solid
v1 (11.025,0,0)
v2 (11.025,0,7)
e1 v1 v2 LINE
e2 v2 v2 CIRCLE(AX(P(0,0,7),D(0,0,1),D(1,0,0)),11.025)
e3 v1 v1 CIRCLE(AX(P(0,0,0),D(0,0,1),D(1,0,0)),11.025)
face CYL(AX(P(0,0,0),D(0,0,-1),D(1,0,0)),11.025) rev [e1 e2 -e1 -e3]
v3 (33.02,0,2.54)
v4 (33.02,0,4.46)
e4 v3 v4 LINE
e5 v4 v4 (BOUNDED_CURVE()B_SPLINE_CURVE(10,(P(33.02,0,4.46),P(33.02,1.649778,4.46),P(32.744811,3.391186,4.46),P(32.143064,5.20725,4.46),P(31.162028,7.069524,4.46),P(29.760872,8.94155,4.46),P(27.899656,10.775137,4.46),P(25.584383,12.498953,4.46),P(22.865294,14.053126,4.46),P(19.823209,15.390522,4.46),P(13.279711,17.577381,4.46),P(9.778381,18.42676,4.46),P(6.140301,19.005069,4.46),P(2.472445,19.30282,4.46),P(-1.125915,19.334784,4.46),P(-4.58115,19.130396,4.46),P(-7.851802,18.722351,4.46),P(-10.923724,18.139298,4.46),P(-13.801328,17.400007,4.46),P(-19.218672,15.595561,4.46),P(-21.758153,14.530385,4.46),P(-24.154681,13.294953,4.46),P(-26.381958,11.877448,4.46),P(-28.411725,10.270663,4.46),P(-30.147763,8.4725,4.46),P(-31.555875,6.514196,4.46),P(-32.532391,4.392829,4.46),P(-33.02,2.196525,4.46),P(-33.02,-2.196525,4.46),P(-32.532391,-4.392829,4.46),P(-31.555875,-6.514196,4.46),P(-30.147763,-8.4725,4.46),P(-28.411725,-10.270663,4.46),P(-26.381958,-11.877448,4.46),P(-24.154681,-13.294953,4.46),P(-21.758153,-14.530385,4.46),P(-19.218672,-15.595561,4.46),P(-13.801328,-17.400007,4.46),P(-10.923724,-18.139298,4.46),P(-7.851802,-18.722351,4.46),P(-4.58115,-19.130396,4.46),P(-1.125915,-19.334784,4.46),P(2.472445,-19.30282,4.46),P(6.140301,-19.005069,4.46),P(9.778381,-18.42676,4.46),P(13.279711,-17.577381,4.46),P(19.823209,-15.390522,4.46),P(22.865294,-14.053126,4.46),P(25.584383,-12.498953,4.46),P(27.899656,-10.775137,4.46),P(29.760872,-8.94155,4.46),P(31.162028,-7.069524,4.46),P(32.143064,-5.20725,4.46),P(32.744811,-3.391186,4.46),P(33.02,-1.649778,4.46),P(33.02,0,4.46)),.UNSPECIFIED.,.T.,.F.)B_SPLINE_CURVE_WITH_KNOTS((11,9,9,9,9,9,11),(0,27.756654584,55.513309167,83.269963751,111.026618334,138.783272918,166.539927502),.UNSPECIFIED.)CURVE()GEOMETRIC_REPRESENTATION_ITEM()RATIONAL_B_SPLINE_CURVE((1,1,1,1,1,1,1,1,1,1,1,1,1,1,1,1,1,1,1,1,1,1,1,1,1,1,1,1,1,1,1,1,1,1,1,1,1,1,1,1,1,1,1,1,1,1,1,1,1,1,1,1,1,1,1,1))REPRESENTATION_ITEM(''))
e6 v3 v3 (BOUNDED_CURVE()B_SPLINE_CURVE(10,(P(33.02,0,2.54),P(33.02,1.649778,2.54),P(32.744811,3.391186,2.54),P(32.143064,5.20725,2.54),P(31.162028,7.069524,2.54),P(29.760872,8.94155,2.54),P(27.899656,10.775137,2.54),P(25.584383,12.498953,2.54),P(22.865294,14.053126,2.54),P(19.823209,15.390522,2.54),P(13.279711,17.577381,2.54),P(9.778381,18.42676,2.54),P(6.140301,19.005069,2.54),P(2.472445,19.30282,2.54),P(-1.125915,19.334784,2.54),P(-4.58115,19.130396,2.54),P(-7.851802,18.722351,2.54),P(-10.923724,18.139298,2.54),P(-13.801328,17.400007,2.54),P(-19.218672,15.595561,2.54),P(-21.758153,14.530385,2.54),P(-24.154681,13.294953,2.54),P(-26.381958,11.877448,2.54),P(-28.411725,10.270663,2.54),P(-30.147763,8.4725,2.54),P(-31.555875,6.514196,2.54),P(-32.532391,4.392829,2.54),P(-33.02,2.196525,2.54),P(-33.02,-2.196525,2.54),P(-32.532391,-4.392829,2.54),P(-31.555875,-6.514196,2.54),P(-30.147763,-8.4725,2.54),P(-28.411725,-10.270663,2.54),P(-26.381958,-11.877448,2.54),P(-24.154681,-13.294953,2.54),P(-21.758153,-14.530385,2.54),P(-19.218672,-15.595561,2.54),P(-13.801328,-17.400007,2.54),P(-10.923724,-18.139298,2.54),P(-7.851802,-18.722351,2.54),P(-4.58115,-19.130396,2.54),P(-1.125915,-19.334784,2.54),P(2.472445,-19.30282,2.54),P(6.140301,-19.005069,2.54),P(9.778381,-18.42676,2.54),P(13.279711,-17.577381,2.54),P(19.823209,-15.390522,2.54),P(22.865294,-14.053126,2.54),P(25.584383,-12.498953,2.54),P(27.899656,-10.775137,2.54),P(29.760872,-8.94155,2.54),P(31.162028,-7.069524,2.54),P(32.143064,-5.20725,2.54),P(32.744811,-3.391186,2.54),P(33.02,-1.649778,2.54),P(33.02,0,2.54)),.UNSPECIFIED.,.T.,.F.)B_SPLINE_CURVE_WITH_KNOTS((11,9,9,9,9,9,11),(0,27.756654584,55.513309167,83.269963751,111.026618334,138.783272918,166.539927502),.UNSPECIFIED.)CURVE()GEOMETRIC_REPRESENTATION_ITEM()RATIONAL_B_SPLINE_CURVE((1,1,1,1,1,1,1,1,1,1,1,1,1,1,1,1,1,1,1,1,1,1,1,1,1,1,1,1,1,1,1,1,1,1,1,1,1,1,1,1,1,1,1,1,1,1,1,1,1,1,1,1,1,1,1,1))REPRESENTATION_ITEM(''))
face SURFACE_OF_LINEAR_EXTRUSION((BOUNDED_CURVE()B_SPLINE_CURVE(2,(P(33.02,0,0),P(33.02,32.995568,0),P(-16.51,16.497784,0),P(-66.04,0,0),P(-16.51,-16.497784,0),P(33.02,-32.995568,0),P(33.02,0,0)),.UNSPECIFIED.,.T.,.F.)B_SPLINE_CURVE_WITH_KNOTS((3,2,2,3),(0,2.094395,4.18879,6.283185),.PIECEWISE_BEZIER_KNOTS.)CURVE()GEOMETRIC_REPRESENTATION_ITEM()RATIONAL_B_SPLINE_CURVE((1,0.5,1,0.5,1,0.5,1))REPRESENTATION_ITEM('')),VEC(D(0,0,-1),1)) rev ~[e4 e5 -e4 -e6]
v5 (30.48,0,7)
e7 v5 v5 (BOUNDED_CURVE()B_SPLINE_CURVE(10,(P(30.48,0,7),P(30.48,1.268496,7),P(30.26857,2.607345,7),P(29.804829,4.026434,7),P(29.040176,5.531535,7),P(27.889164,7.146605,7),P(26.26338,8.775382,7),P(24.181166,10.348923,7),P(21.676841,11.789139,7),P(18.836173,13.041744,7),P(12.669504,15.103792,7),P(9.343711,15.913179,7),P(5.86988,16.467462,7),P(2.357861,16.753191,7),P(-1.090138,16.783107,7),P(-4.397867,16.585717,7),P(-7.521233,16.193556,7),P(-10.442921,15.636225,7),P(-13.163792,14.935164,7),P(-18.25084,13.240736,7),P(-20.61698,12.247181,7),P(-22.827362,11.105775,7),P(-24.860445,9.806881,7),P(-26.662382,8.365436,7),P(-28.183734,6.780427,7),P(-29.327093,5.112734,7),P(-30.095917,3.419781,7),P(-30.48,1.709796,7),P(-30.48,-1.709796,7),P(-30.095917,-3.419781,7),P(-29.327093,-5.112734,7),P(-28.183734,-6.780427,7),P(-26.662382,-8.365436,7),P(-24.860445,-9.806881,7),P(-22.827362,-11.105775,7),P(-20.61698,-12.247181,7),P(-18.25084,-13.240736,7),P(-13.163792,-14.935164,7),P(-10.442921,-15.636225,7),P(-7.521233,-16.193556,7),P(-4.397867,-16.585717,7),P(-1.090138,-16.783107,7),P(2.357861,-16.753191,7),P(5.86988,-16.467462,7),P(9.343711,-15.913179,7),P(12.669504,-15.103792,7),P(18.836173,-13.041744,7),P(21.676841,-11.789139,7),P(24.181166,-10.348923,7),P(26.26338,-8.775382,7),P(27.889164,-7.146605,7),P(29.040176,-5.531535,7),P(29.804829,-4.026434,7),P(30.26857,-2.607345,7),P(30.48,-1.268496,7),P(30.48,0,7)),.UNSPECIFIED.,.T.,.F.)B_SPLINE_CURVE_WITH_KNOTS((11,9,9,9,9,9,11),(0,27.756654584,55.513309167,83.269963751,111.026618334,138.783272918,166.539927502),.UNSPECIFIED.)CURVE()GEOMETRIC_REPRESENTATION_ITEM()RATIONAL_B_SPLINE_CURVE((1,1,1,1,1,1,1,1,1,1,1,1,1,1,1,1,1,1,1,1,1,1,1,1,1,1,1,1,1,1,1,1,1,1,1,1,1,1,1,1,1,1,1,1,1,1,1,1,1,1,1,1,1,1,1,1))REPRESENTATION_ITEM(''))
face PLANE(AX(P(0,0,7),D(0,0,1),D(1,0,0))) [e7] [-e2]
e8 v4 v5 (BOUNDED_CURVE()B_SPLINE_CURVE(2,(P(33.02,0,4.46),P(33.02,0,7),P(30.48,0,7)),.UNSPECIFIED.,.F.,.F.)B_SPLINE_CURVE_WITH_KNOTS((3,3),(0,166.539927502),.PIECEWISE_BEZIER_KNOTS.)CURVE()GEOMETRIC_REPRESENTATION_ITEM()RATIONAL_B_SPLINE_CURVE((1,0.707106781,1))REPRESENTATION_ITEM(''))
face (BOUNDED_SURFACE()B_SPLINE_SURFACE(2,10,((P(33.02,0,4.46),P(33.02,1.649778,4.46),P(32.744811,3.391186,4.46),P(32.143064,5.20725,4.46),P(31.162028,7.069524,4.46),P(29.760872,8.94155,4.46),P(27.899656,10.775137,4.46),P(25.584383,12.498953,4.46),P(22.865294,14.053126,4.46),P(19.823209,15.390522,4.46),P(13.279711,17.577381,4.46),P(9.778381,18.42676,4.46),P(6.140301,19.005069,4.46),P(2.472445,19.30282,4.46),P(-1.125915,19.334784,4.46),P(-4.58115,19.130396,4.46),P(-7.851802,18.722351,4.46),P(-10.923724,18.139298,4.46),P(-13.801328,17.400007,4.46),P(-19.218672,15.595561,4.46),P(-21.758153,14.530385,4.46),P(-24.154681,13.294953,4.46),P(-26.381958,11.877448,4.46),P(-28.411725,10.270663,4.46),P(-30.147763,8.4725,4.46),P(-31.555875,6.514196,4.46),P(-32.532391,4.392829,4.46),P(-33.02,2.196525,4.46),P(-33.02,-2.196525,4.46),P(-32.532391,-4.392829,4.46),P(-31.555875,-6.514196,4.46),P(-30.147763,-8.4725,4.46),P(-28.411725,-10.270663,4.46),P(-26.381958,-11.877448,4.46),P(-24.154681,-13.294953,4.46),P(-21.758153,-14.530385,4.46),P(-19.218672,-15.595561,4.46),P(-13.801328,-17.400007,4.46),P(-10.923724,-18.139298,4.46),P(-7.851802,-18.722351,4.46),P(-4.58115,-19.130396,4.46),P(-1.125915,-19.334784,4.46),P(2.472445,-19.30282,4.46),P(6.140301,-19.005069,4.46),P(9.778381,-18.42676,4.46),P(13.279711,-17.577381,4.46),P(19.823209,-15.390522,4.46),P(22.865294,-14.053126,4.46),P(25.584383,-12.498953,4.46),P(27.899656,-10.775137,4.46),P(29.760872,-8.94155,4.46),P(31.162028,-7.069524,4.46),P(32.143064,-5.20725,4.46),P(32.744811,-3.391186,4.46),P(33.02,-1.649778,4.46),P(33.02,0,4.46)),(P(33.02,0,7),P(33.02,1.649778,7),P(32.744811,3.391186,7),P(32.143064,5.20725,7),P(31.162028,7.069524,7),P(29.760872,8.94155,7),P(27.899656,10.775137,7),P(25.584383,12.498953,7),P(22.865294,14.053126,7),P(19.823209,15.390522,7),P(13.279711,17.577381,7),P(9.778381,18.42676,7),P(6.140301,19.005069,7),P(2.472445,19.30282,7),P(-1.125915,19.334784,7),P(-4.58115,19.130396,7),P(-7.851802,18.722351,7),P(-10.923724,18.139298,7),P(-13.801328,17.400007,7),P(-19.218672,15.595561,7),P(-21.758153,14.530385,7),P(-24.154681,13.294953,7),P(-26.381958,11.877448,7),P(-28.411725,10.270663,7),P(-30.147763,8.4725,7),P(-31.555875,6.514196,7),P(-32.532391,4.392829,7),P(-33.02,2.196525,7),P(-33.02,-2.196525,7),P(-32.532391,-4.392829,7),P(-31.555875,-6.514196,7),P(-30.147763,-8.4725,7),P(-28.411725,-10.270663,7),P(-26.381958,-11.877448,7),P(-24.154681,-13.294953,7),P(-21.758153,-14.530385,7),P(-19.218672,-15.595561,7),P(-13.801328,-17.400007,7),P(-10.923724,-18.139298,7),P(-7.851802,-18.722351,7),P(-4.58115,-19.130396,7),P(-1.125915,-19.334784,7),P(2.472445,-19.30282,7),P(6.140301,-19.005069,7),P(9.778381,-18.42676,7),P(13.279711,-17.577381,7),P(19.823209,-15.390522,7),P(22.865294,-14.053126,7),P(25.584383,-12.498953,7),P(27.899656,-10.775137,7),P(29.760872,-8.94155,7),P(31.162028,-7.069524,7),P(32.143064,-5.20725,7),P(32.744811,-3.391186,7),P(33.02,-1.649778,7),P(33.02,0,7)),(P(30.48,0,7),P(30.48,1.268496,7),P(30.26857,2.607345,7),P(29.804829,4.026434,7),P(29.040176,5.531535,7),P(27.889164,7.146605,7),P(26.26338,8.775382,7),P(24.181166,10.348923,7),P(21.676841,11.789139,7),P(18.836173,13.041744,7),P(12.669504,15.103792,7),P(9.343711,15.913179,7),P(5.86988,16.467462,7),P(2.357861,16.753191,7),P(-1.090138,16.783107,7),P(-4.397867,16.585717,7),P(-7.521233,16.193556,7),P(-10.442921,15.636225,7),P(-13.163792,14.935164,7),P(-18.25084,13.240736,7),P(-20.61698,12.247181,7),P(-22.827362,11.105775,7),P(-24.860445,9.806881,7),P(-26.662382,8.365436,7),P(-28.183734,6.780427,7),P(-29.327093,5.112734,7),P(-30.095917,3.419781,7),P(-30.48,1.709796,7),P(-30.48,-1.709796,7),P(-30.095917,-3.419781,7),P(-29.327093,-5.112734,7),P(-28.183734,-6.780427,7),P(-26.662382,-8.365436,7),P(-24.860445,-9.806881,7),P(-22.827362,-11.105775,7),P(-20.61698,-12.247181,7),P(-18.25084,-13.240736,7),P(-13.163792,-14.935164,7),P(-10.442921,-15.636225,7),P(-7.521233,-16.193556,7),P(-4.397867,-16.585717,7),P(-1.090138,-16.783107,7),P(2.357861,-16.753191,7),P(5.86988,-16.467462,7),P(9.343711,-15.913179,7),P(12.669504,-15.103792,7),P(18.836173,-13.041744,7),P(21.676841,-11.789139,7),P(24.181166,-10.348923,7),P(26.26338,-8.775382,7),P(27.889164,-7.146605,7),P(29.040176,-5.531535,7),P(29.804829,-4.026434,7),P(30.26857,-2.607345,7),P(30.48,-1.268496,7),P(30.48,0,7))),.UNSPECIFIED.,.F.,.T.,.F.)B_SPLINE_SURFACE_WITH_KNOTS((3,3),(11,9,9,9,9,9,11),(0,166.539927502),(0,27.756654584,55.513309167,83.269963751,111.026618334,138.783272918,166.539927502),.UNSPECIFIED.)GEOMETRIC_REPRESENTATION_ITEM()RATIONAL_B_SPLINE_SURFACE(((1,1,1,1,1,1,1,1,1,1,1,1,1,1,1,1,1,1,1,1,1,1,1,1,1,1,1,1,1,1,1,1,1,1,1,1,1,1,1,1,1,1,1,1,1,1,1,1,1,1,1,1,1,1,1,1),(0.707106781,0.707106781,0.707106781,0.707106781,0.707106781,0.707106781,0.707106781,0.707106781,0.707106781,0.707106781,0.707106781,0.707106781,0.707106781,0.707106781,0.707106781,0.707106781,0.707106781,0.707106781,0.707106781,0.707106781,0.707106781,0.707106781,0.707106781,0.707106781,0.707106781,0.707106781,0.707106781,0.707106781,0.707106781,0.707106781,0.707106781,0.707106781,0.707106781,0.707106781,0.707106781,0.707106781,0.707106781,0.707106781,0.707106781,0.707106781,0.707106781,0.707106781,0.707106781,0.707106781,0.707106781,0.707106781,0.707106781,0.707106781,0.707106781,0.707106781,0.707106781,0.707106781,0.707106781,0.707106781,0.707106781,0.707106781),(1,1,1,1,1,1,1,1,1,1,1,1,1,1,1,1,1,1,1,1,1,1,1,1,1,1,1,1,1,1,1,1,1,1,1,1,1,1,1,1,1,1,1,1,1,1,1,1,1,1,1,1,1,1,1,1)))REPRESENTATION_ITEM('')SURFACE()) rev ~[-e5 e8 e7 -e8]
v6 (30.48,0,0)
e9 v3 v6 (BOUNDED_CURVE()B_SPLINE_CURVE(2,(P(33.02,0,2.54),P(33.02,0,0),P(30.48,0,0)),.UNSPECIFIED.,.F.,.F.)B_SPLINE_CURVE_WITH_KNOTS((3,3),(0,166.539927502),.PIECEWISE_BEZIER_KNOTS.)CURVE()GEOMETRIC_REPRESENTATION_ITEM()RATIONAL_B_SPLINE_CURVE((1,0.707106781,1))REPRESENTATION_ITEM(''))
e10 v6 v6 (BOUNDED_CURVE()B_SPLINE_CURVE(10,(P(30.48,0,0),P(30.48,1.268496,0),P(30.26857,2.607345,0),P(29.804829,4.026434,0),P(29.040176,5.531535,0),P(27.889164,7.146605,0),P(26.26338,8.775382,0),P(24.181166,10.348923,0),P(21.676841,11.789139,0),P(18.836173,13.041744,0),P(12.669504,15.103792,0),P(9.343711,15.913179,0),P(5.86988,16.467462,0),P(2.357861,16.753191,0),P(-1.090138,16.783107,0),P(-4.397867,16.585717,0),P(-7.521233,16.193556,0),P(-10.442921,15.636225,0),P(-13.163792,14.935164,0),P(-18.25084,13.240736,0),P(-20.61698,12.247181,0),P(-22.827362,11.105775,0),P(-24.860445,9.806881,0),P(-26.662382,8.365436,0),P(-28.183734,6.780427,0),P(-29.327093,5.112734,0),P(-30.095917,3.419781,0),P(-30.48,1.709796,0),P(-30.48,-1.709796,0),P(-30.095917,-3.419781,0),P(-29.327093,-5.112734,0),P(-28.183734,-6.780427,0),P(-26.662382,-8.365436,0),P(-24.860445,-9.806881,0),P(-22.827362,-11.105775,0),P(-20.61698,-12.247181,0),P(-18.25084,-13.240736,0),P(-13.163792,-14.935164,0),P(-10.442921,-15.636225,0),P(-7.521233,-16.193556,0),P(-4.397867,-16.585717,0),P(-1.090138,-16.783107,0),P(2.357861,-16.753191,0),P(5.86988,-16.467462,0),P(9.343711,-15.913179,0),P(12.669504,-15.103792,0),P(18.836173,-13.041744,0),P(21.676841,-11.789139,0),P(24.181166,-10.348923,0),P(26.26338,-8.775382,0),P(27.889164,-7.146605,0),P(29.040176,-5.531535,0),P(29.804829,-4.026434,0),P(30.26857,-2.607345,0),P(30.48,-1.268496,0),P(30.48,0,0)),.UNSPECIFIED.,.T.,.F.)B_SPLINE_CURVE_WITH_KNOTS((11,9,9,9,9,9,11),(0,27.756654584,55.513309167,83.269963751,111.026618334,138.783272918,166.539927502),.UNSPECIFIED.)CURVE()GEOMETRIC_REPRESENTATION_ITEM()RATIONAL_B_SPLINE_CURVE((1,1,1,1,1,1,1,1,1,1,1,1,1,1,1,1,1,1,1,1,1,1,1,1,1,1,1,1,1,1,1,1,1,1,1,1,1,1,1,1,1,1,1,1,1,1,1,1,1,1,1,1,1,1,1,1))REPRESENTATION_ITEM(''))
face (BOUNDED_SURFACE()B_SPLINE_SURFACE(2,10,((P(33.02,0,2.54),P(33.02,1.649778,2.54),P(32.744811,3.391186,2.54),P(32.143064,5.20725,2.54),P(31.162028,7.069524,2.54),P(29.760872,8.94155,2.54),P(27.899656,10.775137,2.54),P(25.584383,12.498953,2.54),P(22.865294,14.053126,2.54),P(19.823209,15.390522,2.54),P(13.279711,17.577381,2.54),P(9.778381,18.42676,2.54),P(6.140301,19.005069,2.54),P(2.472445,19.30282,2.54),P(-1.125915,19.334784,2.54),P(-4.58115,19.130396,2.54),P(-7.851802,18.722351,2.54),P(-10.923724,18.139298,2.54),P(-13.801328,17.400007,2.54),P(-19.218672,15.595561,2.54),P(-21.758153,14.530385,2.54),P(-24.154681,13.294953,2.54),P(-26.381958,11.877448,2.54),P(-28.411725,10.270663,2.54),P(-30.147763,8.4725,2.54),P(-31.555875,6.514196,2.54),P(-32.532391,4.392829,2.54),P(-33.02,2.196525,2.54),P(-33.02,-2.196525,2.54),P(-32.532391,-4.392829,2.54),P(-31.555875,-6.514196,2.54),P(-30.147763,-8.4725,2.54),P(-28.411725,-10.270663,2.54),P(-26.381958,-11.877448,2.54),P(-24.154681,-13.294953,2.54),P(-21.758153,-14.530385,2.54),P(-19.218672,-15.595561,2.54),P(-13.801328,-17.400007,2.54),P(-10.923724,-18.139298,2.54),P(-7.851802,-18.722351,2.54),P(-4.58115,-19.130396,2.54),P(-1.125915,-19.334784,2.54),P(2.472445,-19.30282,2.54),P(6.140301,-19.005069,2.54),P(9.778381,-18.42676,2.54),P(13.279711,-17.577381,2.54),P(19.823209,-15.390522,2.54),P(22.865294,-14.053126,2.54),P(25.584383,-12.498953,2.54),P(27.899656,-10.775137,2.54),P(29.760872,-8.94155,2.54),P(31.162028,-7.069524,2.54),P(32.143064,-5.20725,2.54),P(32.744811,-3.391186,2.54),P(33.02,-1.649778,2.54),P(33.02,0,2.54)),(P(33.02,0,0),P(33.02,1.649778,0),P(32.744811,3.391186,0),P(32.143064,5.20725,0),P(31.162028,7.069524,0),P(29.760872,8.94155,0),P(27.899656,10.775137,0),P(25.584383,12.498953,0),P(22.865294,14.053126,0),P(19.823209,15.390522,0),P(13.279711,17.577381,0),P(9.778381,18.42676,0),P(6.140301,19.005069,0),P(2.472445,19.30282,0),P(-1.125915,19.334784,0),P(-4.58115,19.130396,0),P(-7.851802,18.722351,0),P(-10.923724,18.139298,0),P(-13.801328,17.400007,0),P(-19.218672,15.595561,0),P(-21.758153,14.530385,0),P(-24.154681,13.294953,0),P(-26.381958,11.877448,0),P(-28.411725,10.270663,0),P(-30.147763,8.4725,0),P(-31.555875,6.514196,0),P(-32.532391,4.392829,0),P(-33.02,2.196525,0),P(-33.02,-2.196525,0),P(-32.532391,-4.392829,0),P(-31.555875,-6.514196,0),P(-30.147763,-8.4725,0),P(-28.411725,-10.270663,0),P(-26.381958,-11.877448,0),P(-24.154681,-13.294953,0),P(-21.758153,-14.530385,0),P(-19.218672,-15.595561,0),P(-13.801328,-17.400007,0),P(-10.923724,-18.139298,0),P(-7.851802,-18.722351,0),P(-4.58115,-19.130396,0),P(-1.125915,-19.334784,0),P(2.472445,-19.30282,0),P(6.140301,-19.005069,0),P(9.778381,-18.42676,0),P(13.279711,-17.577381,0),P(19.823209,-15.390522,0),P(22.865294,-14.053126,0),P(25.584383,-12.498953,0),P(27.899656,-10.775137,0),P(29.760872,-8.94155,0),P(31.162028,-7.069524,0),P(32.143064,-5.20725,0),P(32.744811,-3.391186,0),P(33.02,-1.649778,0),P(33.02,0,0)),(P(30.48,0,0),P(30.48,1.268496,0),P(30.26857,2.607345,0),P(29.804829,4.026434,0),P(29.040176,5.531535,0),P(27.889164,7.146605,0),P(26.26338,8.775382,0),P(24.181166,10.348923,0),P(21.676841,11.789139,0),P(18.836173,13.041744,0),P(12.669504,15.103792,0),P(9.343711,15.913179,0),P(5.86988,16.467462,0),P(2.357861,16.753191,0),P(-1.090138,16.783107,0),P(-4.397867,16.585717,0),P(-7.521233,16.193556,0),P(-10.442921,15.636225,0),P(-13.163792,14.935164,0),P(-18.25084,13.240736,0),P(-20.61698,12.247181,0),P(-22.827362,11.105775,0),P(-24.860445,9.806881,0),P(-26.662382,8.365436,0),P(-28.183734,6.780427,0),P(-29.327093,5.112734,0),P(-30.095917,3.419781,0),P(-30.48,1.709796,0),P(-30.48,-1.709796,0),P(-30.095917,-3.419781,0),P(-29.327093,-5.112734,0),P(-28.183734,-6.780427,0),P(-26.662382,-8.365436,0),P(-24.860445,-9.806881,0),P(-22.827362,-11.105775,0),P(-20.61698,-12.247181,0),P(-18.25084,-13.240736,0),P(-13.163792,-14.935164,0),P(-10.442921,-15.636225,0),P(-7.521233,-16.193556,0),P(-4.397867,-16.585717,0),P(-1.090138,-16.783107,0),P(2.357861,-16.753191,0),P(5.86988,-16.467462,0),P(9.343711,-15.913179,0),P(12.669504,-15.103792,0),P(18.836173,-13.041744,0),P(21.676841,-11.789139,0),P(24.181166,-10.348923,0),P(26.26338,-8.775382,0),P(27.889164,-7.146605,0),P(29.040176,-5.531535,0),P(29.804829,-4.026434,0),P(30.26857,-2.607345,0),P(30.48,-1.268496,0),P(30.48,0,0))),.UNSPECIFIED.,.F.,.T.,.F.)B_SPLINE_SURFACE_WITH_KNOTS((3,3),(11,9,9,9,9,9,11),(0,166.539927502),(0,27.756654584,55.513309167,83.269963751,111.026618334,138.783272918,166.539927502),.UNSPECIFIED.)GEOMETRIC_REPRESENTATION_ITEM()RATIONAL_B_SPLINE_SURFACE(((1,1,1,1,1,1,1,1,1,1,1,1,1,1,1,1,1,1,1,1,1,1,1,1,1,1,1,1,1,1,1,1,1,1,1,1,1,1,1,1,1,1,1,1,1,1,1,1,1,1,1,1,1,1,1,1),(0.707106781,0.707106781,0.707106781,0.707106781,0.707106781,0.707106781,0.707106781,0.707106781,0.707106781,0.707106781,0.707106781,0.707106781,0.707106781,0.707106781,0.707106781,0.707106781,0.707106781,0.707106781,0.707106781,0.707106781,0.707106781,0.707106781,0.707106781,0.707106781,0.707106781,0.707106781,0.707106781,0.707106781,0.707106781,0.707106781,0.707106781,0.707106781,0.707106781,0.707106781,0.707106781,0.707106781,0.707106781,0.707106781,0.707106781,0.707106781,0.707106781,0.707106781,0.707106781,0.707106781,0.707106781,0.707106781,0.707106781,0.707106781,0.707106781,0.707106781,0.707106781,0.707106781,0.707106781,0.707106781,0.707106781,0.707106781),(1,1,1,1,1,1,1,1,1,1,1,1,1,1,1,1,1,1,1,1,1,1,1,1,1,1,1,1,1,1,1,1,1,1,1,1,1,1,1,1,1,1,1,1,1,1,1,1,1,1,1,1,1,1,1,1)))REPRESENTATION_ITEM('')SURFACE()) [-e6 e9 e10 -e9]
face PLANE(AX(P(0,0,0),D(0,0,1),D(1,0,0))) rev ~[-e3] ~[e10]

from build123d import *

# Parameters (mm, degrees)
F0_R     = 11.025
F1_DEPTH = 7
F2_R     = 2.54


with BuildPart() as f1:
    # F0 (on Top) → F1 (new body)
    with BuildSketch(Plane.XY):
        with BuildLine():
            add(Edge.make_bspline(
                [(33.02, 0), (33.02, 32.995568), (-16.51, 16.497784), (-66.04, 0), (-16.51, -16.497784), (33.02, -32.995568), (33.02, 0)],
                knots=[0, 0, 0, 2.094395, 2.094395, 4.18879, 4.18879, 6.283185, 6.283185, 6.283185], degree=2, weights=[1, 0.5, 1, 0.5, 1, 0.5, 1]))
        make_face()
        Circle(F0_R, mode=Mode.SUBTRACT)
    extrude(amount=F1_DEPTH)

    # F2
    f2_edges = [f1.edges().sort_by_distance(p)[0] for p in [
        (-33.02, 1e-06, 7),
        (-33.02, 1e-06, 0),
    ]]
    fillet(f2_edges, radius=F2_R)


solid = f1.part
